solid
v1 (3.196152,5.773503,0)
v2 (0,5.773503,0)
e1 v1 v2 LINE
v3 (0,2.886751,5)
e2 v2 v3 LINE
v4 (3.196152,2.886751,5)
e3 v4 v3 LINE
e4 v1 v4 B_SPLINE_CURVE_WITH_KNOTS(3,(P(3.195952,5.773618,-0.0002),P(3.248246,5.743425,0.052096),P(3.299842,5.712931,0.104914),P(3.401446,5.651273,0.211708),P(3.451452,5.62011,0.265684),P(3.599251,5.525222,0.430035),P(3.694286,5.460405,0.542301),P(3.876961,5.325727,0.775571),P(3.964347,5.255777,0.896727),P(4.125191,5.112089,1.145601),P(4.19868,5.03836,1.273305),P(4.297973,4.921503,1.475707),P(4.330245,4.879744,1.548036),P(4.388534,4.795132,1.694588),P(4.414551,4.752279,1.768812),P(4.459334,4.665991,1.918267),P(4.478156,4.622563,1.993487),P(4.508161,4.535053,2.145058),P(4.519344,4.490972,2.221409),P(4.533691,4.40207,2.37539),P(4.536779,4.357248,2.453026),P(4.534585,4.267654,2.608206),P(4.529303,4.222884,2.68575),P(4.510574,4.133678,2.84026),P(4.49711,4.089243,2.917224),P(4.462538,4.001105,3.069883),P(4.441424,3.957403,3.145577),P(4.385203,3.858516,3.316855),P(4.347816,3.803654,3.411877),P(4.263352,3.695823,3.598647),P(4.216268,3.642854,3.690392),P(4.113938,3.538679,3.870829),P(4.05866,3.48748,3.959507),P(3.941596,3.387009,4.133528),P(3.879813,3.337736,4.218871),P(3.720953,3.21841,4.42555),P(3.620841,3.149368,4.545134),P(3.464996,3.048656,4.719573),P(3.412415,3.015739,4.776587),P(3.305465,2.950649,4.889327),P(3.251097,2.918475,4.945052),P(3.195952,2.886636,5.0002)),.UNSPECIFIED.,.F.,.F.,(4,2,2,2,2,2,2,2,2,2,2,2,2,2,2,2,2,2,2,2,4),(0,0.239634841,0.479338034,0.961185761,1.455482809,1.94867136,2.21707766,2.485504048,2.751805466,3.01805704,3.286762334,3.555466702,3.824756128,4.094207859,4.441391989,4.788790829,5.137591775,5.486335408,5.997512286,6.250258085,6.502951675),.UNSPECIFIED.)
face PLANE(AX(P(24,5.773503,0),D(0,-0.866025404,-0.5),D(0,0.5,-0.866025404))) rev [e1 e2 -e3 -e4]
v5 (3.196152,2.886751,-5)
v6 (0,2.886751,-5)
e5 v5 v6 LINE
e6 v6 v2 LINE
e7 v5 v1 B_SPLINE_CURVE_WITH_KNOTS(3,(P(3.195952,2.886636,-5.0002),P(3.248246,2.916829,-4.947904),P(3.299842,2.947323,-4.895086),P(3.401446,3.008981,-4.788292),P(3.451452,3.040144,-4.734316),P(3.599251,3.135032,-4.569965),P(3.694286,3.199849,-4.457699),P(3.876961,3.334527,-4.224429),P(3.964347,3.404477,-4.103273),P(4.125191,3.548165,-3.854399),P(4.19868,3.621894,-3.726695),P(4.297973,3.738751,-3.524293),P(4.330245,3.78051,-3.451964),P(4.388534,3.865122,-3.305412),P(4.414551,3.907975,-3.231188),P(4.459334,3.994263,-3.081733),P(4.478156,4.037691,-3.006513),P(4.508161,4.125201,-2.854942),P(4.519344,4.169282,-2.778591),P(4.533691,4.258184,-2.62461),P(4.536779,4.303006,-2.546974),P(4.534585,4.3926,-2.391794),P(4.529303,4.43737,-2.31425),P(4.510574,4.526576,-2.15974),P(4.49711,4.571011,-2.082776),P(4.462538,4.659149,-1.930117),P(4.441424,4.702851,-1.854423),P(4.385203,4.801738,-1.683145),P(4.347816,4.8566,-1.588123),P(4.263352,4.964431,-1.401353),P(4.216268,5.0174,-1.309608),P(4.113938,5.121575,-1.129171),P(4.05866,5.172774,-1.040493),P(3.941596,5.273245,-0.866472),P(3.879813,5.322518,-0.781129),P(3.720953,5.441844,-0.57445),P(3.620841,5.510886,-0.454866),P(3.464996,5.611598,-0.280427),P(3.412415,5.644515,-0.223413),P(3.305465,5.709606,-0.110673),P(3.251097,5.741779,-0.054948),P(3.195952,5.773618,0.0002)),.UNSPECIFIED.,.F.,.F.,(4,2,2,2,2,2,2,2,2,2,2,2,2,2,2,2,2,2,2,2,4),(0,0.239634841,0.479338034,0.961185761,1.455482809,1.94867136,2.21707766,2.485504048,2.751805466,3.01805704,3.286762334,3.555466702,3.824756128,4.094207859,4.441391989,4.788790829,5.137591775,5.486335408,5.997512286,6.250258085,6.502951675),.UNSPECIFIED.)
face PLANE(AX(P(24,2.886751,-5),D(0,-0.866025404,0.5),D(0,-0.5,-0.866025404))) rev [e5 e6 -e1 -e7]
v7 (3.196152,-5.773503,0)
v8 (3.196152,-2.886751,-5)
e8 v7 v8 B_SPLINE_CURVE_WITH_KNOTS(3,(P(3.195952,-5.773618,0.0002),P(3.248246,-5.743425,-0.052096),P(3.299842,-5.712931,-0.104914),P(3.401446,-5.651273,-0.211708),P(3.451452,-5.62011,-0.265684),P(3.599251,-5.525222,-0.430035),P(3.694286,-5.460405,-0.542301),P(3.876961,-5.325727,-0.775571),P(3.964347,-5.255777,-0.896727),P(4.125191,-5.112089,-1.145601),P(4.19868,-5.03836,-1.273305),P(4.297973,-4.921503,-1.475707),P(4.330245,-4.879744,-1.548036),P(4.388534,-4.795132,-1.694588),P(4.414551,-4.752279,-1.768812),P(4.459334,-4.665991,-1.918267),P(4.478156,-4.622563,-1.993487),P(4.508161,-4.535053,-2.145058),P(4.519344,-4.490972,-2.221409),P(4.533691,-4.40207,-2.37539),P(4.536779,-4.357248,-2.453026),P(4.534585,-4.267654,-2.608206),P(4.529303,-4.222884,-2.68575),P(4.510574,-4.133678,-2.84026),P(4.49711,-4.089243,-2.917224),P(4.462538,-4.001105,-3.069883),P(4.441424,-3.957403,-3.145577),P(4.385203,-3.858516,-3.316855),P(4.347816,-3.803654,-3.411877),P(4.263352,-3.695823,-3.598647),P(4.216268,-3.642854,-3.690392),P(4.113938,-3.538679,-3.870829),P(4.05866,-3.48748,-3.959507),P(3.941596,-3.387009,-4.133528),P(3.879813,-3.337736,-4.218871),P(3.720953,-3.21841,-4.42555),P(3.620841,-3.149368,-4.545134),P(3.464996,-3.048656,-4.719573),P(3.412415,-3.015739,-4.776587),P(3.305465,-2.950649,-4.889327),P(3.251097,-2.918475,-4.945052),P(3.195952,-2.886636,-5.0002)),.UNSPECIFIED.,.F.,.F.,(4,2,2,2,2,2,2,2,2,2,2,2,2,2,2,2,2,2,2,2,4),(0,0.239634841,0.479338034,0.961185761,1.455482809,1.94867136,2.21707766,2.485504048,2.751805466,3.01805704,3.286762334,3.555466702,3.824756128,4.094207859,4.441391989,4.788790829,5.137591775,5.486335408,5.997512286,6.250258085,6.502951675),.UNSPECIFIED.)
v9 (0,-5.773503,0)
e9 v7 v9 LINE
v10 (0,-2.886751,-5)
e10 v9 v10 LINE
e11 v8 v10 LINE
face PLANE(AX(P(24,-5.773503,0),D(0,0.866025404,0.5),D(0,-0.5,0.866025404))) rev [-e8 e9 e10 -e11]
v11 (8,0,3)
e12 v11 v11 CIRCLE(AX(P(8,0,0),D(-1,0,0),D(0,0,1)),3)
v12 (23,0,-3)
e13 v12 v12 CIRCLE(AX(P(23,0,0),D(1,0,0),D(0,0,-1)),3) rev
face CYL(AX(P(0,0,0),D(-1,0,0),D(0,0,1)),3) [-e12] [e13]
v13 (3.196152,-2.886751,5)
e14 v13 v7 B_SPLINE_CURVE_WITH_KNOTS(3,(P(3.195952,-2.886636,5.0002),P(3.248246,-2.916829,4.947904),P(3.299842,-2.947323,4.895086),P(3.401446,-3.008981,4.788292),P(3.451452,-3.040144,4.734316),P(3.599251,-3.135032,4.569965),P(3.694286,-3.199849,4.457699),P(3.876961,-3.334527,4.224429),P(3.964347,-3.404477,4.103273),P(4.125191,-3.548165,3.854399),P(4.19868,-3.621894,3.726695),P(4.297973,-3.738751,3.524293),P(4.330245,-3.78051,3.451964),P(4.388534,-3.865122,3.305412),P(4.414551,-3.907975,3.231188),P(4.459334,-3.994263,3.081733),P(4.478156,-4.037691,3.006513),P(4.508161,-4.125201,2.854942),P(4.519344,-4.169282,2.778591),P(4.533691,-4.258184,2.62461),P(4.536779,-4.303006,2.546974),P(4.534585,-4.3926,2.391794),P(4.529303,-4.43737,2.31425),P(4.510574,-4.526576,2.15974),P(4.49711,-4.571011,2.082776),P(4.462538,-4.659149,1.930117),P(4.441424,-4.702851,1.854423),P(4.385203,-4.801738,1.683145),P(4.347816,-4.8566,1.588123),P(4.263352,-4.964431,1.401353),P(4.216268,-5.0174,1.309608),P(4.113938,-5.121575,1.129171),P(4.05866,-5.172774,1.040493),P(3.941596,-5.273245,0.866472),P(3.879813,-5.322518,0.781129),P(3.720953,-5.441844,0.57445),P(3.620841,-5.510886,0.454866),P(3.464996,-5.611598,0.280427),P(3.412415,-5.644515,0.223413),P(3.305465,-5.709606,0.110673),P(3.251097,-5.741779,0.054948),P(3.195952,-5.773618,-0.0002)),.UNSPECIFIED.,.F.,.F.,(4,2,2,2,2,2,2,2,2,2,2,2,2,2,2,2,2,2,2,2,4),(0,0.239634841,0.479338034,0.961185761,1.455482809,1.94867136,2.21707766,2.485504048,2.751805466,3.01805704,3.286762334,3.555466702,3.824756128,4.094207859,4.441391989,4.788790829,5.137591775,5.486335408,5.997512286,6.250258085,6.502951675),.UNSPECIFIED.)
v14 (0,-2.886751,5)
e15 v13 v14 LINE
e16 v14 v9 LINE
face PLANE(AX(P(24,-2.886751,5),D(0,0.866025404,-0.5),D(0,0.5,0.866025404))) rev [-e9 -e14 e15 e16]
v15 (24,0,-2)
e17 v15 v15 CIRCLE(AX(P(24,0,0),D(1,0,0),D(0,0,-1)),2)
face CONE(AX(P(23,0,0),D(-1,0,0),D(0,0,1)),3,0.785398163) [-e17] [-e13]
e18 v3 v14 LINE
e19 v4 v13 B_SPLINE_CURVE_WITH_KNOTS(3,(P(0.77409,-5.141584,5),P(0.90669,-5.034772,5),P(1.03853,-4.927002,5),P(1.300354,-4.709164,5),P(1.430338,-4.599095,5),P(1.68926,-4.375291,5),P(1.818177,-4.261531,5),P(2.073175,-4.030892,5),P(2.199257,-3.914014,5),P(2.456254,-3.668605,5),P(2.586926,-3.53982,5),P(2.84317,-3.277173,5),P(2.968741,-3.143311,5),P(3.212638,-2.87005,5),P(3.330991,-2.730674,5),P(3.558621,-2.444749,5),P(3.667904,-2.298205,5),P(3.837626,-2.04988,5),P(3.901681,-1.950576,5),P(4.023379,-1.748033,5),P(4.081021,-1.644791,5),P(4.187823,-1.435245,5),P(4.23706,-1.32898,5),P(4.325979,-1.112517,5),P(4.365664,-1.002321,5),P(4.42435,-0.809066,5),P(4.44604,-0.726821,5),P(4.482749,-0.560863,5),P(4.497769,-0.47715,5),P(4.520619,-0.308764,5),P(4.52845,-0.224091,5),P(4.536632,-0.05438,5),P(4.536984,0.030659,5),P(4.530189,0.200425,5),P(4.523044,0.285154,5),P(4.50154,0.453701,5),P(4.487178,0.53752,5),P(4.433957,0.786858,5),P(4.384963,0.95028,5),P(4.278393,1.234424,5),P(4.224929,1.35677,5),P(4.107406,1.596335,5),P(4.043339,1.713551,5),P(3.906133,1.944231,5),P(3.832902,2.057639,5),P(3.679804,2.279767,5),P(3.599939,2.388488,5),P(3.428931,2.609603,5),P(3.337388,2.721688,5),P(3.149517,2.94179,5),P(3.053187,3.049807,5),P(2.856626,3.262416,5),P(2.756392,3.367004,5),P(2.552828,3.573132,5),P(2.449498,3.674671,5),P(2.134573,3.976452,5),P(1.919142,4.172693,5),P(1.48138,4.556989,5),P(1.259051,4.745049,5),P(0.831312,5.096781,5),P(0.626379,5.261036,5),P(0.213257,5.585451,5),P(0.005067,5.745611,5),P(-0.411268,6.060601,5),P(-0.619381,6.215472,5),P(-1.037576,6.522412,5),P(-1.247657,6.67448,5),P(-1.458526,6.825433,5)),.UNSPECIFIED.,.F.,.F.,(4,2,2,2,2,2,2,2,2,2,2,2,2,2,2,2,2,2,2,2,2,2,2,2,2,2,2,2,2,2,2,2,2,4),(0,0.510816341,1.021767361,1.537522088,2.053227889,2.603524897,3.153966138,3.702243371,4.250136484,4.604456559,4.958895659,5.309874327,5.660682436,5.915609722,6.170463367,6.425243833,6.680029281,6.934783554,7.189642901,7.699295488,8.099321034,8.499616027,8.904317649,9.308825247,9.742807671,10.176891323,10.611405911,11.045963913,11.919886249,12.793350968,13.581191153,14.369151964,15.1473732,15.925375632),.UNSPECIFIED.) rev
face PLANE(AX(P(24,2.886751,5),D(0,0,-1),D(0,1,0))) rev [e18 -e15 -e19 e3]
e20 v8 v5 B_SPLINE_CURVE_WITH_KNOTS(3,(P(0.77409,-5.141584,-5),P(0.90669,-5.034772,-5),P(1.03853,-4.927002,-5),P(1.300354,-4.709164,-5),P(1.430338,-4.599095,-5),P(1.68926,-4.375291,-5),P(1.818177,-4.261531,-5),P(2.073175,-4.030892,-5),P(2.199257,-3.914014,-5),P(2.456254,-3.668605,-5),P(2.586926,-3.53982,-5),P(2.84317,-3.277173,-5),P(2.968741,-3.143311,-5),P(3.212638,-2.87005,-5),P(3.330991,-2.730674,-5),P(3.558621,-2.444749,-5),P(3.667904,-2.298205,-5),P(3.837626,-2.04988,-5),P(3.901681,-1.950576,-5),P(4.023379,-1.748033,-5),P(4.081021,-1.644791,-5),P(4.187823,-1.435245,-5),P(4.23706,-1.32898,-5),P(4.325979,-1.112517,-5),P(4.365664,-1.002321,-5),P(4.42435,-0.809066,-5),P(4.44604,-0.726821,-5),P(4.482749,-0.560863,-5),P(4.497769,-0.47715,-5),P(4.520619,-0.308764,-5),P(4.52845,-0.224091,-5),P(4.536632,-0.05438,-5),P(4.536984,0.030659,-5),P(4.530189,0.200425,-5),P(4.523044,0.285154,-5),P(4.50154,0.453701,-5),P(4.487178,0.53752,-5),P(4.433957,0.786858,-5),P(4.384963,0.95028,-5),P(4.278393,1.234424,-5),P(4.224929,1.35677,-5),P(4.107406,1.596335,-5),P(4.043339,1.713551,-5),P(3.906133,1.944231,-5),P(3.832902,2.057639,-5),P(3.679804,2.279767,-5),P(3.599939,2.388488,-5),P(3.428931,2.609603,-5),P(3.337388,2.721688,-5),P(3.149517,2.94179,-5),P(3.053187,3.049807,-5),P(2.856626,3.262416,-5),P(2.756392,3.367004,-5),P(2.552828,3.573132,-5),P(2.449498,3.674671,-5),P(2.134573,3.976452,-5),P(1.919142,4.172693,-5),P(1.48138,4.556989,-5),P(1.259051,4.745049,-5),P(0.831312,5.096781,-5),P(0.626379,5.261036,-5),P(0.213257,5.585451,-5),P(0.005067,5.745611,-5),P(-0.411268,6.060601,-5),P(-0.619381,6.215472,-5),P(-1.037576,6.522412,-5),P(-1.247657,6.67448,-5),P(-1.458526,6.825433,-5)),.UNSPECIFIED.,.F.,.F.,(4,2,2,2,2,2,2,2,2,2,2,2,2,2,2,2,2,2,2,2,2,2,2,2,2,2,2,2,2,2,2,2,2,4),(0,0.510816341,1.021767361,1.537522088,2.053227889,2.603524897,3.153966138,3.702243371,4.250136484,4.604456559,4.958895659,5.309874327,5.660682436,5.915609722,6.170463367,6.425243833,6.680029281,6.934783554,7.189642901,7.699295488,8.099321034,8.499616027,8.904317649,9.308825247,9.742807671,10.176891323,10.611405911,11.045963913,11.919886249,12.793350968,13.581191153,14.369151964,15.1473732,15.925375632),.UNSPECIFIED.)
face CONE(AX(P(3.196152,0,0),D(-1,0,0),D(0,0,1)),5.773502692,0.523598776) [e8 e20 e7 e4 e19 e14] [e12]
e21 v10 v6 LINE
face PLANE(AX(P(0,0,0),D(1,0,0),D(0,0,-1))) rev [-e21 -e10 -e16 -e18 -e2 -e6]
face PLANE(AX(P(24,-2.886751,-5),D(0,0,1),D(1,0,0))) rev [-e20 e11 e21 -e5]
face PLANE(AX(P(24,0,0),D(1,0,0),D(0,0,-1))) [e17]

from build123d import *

# Parameters (mm, degrees)
EXTRUDE_1_DEPTH = 24
CHAMFER_1_SIZE  = 1


with BuildPart() as part:
    # Эскиз1 → Бобышка-Вытянуть1 (new body)
    with BuildSketch(Plane(origin=(0, 0, 0), x_dir=(0, 0, -1), z_dir=(1, 0, 0))):
        Polygon((0, 5.773502692), (-5, 2.886751346), (-5, -2.886751346), (0, -5.773502692), (5, -2.886751346), (5, 2.886751346), align=None)
    extrude(amount=EXTRUDE_1_DEPTH)

    # Эскиз2 → Вырез-Повернуть1 (revolve, cut)
    with BuildSketch(Plane.XY, mode=Mode.PRIVATE) as cut_revolve_1_sk:
        Polygon((3.196152423, 5.773502692), (8, 3), (24, 3), (24, 5.773502692), align=None)
    revolve(cut_revolve_1_sk.sketch.rotate(Axis((0, 0, 0), (1, 0, 0)), 90), axis=Axis((0, 0, 0), (1, 0, 0)), mode=Mode.SUBTRACT)

    # Фаска1
    chamfer_1_edges = [part.edges().sort_by_distance(p)[0] for p in [
        (24, 0, -3),
    ]]
    chamfer(chamfer_1_edges, length=CHAMFER_1_SIZE)


solid = part.part
